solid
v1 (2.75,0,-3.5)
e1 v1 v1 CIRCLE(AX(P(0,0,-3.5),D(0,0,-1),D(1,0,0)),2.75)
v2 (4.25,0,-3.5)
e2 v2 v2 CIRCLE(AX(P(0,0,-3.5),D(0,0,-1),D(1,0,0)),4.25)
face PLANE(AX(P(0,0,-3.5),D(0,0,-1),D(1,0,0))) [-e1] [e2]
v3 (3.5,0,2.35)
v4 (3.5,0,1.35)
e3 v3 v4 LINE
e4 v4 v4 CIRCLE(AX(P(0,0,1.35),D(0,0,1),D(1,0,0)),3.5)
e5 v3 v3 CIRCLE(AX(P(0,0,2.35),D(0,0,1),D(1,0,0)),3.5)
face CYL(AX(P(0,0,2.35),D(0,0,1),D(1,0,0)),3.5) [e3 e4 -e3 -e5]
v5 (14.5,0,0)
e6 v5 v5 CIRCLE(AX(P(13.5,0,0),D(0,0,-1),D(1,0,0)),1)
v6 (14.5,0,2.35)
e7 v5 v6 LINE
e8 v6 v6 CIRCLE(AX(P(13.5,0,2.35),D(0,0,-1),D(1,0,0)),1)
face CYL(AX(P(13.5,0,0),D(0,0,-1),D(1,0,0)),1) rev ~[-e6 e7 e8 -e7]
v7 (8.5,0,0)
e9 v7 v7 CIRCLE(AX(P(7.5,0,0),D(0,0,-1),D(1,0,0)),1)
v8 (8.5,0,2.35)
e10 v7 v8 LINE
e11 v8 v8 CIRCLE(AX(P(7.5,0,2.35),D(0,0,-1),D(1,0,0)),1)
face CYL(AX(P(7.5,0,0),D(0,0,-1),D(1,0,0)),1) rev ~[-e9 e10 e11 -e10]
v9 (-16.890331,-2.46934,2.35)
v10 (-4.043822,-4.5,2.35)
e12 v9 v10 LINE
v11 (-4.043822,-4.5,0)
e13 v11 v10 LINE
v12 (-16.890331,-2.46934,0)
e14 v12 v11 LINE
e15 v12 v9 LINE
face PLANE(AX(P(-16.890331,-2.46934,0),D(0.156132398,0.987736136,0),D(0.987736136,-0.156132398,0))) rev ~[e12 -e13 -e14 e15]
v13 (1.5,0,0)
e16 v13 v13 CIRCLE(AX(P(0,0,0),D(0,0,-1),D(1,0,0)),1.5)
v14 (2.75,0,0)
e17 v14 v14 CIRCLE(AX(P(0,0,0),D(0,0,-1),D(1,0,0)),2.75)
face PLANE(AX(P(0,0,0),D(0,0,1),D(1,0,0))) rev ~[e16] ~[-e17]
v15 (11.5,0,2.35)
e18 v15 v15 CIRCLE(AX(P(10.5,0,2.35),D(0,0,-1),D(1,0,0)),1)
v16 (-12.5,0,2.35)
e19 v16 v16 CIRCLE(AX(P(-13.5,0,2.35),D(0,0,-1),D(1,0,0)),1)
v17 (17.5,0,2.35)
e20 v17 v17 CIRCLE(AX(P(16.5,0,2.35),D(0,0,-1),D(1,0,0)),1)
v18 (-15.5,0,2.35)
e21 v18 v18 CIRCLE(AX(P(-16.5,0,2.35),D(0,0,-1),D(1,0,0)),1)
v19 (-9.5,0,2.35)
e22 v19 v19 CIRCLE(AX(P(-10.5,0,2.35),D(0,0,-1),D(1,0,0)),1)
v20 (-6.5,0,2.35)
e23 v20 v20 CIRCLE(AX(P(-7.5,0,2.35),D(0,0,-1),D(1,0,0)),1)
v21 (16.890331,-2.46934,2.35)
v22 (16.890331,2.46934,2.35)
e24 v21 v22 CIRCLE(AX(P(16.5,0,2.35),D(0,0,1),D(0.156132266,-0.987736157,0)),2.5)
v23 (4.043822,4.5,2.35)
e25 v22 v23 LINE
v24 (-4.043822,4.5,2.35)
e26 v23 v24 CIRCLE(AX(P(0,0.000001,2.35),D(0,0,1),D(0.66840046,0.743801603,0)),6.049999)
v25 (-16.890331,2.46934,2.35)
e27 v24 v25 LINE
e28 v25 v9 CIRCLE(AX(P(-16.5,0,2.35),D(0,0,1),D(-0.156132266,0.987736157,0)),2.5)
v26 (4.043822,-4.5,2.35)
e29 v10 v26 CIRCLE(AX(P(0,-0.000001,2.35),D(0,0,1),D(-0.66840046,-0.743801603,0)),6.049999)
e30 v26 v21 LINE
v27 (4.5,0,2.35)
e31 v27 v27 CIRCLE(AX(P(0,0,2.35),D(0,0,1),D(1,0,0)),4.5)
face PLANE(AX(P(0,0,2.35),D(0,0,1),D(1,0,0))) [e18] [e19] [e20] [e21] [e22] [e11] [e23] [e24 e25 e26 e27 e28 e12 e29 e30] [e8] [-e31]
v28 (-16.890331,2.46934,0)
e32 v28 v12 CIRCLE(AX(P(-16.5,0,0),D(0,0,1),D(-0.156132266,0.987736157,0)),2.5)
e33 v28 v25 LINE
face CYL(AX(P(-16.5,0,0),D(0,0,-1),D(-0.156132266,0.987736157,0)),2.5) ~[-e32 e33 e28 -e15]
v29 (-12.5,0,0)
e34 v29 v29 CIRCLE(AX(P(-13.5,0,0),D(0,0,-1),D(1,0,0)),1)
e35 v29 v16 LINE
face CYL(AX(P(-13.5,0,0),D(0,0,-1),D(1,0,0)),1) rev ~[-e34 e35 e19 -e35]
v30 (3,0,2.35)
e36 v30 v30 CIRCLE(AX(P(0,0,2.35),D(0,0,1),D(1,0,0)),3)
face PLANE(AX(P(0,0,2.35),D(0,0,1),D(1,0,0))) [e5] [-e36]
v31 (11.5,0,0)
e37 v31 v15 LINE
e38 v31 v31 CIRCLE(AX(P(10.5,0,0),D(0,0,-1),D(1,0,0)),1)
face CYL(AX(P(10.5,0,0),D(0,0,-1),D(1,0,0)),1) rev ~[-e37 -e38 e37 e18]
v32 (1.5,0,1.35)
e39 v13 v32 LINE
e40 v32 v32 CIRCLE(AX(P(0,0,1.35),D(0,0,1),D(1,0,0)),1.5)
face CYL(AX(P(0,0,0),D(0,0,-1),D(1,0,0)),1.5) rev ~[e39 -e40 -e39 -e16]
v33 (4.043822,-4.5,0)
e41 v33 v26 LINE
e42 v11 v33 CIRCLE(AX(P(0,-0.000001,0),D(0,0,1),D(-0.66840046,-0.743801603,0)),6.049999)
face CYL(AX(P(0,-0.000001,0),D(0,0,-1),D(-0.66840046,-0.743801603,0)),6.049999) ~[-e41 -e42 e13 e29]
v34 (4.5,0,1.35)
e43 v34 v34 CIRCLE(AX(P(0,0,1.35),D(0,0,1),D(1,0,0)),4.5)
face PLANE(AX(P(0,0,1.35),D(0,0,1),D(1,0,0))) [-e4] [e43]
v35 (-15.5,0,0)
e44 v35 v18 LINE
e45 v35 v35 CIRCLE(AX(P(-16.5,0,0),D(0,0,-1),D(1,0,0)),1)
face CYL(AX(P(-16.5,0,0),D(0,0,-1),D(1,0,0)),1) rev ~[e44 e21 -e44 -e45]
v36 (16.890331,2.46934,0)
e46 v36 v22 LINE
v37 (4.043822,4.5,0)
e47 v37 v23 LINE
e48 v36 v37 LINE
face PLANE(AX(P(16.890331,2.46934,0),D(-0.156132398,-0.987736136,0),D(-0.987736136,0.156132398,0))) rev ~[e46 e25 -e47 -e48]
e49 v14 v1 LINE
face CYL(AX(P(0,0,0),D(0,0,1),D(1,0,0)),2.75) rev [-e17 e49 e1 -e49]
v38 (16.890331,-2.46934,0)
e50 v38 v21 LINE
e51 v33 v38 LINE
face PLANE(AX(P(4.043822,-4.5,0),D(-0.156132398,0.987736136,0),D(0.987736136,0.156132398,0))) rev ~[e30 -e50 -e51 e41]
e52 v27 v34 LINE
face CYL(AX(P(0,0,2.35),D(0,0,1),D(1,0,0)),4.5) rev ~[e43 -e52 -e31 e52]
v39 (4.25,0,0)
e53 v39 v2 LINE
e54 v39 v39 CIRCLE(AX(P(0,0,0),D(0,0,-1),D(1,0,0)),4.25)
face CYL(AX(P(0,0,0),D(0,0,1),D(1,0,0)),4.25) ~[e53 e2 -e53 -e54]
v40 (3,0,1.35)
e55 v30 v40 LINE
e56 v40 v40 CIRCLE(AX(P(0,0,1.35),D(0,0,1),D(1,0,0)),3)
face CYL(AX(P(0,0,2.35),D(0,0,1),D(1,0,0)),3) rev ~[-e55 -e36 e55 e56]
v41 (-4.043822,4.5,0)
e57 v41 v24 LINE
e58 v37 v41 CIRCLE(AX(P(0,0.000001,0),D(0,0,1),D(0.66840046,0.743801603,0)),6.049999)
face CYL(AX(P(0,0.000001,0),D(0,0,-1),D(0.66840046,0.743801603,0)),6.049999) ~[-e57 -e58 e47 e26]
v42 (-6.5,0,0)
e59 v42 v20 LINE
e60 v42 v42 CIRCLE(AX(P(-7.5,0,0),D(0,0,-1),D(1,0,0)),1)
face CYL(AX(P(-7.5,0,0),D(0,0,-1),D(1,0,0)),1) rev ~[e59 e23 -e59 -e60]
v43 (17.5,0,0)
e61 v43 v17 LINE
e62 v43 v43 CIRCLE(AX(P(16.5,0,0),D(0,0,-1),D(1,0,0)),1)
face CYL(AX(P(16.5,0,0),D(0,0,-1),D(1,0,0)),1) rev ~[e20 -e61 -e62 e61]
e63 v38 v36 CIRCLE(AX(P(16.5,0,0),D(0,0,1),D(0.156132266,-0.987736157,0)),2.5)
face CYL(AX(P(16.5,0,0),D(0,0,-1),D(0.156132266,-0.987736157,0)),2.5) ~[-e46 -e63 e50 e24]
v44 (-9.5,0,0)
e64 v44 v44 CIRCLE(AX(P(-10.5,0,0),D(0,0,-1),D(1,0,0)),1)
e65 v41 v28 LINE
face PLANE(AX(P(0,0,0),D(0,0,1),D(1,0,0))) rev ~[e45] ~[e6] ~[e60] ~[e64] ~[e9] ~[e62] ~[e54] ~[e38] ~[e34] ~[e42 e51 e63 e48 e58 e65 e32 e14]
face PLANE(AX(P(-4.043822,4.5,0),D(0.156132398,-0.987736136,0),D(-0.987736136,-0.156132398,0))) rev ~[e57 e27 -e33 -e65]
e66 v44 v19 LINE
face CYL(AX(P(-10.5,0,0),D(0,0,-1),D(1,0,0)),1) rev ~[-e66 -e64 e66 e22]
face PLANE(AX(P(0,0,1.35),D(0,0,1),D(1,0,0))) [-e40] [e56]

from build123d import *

# Parameters (mm, degrees)
F1_DEPTH = 2.35
F2_R     = 4.25
F2_R_2   = 2.75
F3_DEPTH = 3.5
F4_R     = 1.5
F4_R_2   = 1
F5_DEPTH = 25
F6_R     = 4.5
F6_R_2   = 3.5
F6_R_3   = 3
F6_R_4   = 1.5
F7_DEPTH = 1


with BuildPart() as f1:
    # F0 (on Top) → F1 (new body)
    with BuildSketch(Plane.XY):
        with BuildLine():
            Line((-16.890331, -2.46934), (-4.043822, -4.5))
            ThreePointArc((-4.043822, -4.5), (0, -6.05), (4.043822, -4.5))
            Line((4.043822, -4.5), (16.890331, -2.46934))
            ThreePointArc((16.890331, -2.46934), (19, 0), (16.890331, 2.46934))
            Line((16.890331, 2.46934), (4.043822, 4.5))
            ThreePointArc((4.043822, 4.5), (0, 6.05), (-4.043822, 4.5))
            Line((-4.043822, 4.5), (-16.890331, 2.46934))
            ThreePointArc((-16.890331, 2.46934), (-19, 0), (-16.890331, -2.46934))
        make_face()
    extrude(amount=F1_DEPTH)

    # F2 (on face) → F3 (join)
    with BuildSketch(Plane(origin=(0, 0, 0), x_dir=(1, 0, 0), z_dir=(0, 0, -1))):
        Circle(F2_R)
        Circle(F2_R_2, mode=Mode.SUBTRACT)
    extrude(amount=F3_DEPTH)

    # F4 (on face) → F5 (cut)
    with BuildSketch(Plane(origin=(0, 0, 0), x_dir=(1, 0, 0), z_dir=(0, 0, -1))):
        Circle(F4_R)
        with Locations((-7.5, 0)):
            Circle(F4_R_2)
        with Locations((-10.5, 0)):
            Circle(F4_R_2)
        with Locations((-13.5, 0)):
            Circle(F4_R_2)
        with Locations((-16.5, 0)):
            Circle(F4_R_2)
        with Locations((7.5, 0)):
            Circle(F4_R_2)
        with Locations((10.5, 0)):
            Circle(F4_R_2)
        with Locations((13.5, 0)):
            Circle(F4_R_2)
        with Locations((16.5, 0)):
            Circle(F4_R_2)
    extrude(amount=-F5_DEPTH, mode=Mode.SUBTRACT)

    # F6 (on face) → F7 (cut)
    with BuildSketch(Plane.XY.offset(2.35)):
        Circle(F6_R)
        Circle(F6_R_2, mode=Mode.SUBTRACT)
        Circle(F6_R_3)
        Circle(F6_R_4, mode=Mode.SUBTRACT)
    extrude(amount=-F7_DEPTH, mode=Mode.SUBTRACT)


solid = f1.part
